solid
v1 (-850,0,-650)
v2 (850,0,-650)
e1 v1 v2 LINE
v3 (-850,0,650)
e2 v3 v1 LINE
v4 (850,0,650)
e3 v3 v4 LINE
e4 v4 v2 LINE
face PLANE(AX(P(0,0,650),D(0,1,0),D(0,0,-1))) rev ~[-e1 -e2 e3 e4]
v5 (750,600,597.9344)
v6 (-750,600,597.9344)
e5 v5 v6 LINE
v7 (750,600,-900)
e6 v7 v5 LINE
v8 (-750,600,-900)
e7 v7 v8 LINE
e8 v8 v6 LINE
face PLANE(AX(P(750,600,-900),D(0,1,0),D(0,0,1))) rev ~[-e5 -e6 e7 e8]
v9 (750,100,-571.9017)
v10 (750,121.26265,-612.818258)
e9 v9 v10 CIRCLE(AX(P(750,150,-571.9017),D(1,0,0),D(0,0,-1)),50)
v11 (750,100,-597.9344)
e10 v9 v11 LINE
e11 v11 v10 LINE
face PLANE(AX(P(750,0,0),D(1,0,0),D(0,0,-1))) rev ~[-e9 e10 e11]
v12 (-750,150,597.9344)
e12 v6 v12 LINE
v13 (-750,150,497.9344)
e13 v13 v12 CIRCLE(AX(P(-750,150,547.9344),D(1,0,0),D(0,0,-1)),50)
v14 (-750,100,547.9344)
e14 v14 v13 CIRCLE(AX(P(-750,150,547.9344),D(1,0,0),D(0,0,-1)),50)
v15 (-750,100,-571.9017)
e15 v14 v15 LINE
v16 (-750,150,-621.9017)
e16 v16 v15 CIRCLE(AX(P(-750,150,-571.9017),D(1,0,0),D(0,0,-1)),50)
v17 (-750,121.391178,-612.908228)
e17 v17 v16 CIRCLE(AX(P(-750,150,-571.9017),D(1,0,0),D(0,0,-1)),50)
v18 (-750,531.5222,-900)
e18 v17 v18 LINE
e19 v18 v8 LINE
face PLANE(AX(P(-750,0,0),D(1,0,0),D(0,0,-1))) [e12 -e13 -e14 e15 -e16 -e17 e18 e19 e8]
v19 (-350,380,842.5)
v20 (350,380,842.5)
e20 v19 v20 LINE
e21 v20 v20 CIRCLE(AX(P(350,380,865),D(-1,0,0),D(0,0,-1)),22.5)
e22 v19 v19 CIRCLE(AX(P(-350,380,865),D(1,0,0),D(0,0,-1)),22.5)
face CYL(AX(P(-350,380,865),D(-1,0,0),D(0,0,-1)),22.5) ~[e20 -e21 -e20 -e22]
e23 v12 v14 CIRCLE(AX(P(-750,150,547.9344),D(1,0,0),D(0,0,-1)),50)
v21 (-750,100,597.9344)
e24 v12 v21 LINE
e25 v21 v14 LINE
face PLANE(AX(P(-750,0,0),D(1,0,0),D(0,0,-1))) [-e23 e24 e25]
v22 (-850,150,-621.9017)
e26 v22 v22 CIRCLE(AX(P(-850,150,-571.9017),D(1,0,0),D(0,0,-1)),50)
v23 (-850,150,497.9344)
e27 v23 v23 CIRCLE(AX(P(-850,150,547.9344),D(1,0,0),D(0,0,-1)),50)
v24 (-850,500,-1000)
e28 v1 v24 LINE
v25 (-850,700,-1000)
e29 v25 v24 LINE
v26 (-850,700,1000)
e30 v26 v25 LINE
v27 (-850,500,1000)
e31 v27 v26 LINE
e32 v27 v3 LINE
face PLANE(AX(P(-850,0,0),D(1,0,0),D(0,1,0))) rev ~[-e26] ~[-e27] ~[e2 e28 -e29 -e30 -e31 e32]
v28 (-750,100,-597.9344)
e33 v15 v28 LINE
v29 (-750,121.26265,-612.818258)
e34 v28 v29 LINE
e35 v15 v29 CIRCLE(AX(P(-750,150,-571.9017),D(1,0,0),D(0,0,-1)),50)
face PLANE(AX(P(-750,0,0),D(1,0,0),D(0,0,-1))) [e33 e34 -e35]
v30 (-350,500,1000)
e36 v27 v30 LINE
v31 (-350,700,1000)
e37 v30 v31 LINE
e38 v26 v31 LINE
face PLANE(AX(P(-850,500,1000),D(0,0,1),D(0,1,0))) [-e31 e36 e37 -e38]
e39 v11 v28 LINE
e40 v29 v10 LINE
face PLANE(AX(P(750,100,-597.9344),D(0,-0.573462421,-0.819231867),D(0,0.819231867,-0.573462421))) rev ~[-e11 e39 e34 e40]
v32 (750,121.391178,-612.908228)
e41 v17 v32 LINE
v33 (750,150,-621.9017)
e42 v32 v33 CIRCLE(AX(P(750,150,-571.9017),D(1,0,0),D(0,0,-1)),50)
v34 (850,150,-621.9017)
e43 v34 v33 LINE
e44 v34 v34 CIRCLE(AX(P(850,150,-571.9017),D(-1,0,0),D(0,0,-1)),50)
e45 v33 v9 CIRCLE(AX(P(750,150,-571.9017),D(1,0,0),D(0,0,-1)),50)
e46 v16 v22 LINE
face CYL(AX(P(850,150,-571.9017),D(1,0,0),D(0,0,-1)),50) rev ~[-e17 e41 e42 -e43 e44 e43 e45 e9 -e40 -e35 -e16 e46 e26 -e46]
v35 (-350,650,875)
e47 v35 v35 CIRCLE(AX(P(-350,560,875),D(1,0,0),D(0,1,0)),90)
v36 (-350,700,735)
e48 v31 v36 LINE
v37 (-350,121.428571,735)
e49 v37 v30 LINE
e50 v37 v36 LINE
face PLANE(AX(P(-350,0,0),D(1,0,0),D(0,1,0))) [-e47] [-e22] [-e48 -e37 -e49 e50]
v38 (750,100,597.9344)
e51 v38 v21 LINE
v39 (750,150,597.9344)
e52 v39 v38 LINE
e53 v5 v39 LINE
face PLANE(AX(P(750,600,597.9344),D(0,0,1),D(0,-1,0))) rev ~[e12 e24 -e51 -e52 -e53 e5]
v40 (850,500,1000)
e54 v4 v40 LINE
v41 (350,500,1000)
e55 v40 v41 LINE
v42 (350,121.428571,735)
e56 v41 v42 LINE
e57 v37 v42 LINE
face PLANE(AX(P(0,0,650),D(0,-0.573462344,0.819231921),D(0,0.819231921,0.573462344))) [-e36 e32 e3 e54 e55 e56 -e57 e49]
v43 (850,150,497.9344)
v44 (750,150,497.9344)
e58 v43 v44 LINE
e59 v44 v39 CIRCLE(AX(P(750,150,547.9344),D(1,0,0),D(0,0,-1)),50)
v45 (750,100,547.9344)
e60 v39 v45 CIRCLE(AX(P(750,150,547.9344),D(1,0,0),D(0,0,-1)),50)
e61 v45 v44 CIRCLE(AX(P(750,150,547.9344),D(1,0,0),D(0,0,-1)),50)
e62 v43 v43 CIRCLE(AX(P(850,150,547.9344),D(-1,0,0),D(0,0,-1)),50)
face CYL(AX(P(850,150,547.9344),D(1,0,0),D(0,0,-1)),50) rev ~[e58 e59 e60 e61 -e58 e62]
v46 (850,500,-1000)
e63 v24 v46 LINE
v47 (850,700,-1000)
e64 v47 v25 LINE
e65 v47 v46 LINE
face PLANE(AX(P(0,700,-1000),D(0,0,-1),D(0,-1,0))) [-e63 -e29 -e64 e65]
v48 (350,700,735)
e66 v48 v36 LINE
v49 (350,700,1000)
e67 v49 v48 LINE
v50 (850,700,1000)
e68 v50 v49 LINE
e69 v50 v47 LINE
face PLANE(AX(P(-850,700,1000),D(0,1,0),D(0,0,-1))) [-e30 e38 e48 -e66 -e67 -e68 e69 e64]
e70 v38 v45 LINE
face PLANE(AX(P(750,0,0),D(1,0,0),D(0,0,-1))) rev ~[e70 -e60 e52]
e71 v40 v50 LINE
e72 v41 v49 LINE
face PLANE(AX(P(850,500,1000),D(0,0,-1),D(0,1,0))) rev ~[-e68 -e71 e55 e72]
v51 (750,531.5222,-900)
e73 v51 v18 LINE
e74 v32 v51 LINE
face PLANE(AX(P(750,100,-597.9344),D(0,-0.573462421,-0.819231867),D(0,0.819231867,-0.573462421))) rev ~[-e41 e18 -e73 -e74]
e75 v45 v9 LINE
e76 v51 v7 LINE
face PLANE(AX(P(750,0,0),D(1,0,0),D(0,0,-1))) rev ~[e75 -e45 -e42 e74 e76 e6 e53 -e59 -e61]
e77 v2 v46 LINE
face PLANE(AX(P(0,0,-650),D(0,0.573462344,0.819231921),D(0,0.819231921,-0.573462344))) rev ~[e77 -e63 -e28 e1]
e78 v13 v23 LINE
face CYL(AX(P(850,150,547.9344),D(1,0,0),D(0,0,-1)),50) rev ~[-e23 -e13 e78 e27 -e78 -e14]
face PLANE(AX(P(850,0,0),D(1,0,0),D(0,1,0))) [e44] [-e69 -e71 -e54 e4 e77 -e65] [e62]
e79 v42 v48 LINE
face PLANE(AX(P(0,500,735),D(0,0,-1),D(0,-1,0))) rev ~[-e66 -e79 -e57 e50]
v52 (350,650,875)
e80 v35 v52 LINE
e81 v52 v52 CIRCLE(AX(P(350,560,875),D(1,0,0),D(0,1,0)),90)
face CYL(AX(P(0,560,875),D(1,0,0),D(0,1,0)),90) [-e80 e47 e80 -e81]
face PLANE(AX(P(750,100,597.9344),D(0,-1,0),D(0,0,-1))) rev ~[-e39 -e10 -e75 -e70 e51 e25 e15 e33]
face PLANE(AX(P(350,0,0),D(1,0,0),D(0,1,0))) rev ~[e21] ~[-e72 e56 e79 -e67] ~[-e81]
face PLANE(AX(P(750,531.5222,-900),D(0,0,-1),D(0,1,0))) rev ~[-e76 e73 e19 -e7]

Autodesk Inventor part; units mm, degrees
ref_plane "YZ Plane" through (0, 0, 0) normal (1, 0, 0) x (0, 1, 0)
ref_plane "XZ Plane" through (0, 0, 0) normal (0, 1, 0) x (-1, 0, 0)
sketch "草圖1" plane through (0, 0, 0) normal (1, 0, 0) x (0, 1, 0)
  line L0 (500, 1000) -> (500, -1000)
  line L1 (0, 650) -> (0, -650)
  line L2 (0, -650) -> (500, -1000)
  line L3 (0, 650) -> (500, 1000)
  line L4 (500, 1000) -> (700, 1000)
  line L5 (700, 1000) -> (700, -1000)
  line L6 (700, -1000) -> (500, -1000)
  line L7 (500, -1000) -> (500, 1000)
  circle A0 centre (560, 875) radius 90
  line L8 (785.0874, 735) -> (28.1159, 735)
  point P0 (0, 0)
  point P1 (0, 0)
  point P2 (500, 0)
  point P3 (700, 735)
  point P4 (560, 785)
  point P5 (121.4286, 735)
  point P6 (500, 735)
  point P7 (500, 807.918)
  point P8 (500, 942.082)
  dimension "d0" = 1300
  dimension "d1" = 2000
  dimension "d2" = 500
  dimension "d3" = 200
  dimension "d6" = 180
  dimension "d7" = 140
  dimension "d8" = 125
  dimension "d32" = 265
extrude "擠出1" add sketch "草圖1" along normal mid plane 1700 contours A0 L0 | L0 A0 | L8 L0 L2 L1 L3 | L8 L5 L6 L0
extrude "擠出2" add sketch "草圖1" against normal blind 500 from surface at 850 contours L4 L5 L8 L0 A0 | L0 A0 L8 L3 | A0 L0 | L0 A0 | L8 L0 L2 L1 L3
extrude "擠出3" add sketch "草圖1" along normal blind 500 from surface at -850 contours L4 L5 L8 L0 A0 | L0 A0 L8 L3 | A0 L0 | L0 A0 | L8 L0 L2 L1 L3
sketch "草圖2" plane through (-350, 560, 875) normal (1, 0, 0) x (0, 0, -1)
  circle A0 centre (10, -180) radius 22.5
  line L0 (140, -438.5714) -> (140, 140) projected
  line L1 (-125, 140) -> (140, 140) projected
  line L2 (-125, -60) -> (-125, 140) projected
  line L3 (140, -438.5714) -> (-125, -60) projected
  line L4 (225, -560) -> (140, -438.5714) projected
  line L5 (1525, -560) -> (225, -560) projected
  line L6 (1875, -60) -> (1525, -560) projected
  line L7 (1875, 140) -> (1875, -60) projected
  line L8 (140, 140) -> (1875, 140) projected
  circle A1 centre (0, 0) radius 90 projected
  point P0 (875, -560)
  dimension "d13" = 45
  dimension "d15" = 320
extrude "擠出4" add sketch "草圖2" along normal up to next contours A0
ref_plane "工作平面1" through (750, 0, 0) normal (1, 0, 0) x (0, 0, -1)
sketch "草圖4" plane through (750, 0, 0) normal (1, 0, 0) x (0, 0, -1)
  line L0 (-1000, 700) -> (1000, 700) projected
  line L1 (1000, 700) -> (1000, 500) projected
  line L2 (1000, 500) -> (650, 0) projected
  line L3 (650, 0) -> (-650, 0) projected
  line L4 (-650, 0) -> (-1000, 500) projected
  line L5 (-1000, 500) -> (-1000, 700) projected
  line L6 (597.9344, 100) -> (900, 531.5222)
  line L7 (900, 531.5222) -> (900, 600)
  line L8 (900, 600) -> (-900, 600)
  line L9 (-900, 600) -> (-900, 531.5222)
  line L10 (-900, 531.5222) -> (-597.9344, 100)
  line L11 (-597.9344, 100) -> (597.9344, 100)
  line L12 (-597.9344, 1100.1132) -> (-597.9344, -380.0313)
  point P0 (0, 0)
  point P1 (-597.9344, 600)
  dimension "d20" = 100
extrude "擠出5" cut sketch "草圖4" against normal blind 1500 contours L8 L7 L6 L11 L12
sketch "草圖5" plane through (850, 0, 0) normal (1, 0, 0) x (0, 0, -1)
  circle A0 centre (-547.9344, 150) radius 50
  circle A1 centre (571.9017, 150) radius 50
  line L0 (-650, 0) -> (650, 0) projected
  line L1 (-597.9344, 600) -> (-597.9344, 100) projected
  line L2 (-597.9344, 100) -> (597.9344, 100) projected
  line L3 (597.9344, 100) -> (900, 531.5222) projected
  point P0 (0, 0)
  dimension "d24" = 100
  dimension "d25" = 100
extrude "擠出6" cut sketch "草圖5" against normal through all contours A0 | A1
thread "螺紋2" size "1 13/16-6 UN" class "2A" standard "ANSI Unified Screw Threads" full length
equation "\"d25\" = d24"
properties part number "車身"
